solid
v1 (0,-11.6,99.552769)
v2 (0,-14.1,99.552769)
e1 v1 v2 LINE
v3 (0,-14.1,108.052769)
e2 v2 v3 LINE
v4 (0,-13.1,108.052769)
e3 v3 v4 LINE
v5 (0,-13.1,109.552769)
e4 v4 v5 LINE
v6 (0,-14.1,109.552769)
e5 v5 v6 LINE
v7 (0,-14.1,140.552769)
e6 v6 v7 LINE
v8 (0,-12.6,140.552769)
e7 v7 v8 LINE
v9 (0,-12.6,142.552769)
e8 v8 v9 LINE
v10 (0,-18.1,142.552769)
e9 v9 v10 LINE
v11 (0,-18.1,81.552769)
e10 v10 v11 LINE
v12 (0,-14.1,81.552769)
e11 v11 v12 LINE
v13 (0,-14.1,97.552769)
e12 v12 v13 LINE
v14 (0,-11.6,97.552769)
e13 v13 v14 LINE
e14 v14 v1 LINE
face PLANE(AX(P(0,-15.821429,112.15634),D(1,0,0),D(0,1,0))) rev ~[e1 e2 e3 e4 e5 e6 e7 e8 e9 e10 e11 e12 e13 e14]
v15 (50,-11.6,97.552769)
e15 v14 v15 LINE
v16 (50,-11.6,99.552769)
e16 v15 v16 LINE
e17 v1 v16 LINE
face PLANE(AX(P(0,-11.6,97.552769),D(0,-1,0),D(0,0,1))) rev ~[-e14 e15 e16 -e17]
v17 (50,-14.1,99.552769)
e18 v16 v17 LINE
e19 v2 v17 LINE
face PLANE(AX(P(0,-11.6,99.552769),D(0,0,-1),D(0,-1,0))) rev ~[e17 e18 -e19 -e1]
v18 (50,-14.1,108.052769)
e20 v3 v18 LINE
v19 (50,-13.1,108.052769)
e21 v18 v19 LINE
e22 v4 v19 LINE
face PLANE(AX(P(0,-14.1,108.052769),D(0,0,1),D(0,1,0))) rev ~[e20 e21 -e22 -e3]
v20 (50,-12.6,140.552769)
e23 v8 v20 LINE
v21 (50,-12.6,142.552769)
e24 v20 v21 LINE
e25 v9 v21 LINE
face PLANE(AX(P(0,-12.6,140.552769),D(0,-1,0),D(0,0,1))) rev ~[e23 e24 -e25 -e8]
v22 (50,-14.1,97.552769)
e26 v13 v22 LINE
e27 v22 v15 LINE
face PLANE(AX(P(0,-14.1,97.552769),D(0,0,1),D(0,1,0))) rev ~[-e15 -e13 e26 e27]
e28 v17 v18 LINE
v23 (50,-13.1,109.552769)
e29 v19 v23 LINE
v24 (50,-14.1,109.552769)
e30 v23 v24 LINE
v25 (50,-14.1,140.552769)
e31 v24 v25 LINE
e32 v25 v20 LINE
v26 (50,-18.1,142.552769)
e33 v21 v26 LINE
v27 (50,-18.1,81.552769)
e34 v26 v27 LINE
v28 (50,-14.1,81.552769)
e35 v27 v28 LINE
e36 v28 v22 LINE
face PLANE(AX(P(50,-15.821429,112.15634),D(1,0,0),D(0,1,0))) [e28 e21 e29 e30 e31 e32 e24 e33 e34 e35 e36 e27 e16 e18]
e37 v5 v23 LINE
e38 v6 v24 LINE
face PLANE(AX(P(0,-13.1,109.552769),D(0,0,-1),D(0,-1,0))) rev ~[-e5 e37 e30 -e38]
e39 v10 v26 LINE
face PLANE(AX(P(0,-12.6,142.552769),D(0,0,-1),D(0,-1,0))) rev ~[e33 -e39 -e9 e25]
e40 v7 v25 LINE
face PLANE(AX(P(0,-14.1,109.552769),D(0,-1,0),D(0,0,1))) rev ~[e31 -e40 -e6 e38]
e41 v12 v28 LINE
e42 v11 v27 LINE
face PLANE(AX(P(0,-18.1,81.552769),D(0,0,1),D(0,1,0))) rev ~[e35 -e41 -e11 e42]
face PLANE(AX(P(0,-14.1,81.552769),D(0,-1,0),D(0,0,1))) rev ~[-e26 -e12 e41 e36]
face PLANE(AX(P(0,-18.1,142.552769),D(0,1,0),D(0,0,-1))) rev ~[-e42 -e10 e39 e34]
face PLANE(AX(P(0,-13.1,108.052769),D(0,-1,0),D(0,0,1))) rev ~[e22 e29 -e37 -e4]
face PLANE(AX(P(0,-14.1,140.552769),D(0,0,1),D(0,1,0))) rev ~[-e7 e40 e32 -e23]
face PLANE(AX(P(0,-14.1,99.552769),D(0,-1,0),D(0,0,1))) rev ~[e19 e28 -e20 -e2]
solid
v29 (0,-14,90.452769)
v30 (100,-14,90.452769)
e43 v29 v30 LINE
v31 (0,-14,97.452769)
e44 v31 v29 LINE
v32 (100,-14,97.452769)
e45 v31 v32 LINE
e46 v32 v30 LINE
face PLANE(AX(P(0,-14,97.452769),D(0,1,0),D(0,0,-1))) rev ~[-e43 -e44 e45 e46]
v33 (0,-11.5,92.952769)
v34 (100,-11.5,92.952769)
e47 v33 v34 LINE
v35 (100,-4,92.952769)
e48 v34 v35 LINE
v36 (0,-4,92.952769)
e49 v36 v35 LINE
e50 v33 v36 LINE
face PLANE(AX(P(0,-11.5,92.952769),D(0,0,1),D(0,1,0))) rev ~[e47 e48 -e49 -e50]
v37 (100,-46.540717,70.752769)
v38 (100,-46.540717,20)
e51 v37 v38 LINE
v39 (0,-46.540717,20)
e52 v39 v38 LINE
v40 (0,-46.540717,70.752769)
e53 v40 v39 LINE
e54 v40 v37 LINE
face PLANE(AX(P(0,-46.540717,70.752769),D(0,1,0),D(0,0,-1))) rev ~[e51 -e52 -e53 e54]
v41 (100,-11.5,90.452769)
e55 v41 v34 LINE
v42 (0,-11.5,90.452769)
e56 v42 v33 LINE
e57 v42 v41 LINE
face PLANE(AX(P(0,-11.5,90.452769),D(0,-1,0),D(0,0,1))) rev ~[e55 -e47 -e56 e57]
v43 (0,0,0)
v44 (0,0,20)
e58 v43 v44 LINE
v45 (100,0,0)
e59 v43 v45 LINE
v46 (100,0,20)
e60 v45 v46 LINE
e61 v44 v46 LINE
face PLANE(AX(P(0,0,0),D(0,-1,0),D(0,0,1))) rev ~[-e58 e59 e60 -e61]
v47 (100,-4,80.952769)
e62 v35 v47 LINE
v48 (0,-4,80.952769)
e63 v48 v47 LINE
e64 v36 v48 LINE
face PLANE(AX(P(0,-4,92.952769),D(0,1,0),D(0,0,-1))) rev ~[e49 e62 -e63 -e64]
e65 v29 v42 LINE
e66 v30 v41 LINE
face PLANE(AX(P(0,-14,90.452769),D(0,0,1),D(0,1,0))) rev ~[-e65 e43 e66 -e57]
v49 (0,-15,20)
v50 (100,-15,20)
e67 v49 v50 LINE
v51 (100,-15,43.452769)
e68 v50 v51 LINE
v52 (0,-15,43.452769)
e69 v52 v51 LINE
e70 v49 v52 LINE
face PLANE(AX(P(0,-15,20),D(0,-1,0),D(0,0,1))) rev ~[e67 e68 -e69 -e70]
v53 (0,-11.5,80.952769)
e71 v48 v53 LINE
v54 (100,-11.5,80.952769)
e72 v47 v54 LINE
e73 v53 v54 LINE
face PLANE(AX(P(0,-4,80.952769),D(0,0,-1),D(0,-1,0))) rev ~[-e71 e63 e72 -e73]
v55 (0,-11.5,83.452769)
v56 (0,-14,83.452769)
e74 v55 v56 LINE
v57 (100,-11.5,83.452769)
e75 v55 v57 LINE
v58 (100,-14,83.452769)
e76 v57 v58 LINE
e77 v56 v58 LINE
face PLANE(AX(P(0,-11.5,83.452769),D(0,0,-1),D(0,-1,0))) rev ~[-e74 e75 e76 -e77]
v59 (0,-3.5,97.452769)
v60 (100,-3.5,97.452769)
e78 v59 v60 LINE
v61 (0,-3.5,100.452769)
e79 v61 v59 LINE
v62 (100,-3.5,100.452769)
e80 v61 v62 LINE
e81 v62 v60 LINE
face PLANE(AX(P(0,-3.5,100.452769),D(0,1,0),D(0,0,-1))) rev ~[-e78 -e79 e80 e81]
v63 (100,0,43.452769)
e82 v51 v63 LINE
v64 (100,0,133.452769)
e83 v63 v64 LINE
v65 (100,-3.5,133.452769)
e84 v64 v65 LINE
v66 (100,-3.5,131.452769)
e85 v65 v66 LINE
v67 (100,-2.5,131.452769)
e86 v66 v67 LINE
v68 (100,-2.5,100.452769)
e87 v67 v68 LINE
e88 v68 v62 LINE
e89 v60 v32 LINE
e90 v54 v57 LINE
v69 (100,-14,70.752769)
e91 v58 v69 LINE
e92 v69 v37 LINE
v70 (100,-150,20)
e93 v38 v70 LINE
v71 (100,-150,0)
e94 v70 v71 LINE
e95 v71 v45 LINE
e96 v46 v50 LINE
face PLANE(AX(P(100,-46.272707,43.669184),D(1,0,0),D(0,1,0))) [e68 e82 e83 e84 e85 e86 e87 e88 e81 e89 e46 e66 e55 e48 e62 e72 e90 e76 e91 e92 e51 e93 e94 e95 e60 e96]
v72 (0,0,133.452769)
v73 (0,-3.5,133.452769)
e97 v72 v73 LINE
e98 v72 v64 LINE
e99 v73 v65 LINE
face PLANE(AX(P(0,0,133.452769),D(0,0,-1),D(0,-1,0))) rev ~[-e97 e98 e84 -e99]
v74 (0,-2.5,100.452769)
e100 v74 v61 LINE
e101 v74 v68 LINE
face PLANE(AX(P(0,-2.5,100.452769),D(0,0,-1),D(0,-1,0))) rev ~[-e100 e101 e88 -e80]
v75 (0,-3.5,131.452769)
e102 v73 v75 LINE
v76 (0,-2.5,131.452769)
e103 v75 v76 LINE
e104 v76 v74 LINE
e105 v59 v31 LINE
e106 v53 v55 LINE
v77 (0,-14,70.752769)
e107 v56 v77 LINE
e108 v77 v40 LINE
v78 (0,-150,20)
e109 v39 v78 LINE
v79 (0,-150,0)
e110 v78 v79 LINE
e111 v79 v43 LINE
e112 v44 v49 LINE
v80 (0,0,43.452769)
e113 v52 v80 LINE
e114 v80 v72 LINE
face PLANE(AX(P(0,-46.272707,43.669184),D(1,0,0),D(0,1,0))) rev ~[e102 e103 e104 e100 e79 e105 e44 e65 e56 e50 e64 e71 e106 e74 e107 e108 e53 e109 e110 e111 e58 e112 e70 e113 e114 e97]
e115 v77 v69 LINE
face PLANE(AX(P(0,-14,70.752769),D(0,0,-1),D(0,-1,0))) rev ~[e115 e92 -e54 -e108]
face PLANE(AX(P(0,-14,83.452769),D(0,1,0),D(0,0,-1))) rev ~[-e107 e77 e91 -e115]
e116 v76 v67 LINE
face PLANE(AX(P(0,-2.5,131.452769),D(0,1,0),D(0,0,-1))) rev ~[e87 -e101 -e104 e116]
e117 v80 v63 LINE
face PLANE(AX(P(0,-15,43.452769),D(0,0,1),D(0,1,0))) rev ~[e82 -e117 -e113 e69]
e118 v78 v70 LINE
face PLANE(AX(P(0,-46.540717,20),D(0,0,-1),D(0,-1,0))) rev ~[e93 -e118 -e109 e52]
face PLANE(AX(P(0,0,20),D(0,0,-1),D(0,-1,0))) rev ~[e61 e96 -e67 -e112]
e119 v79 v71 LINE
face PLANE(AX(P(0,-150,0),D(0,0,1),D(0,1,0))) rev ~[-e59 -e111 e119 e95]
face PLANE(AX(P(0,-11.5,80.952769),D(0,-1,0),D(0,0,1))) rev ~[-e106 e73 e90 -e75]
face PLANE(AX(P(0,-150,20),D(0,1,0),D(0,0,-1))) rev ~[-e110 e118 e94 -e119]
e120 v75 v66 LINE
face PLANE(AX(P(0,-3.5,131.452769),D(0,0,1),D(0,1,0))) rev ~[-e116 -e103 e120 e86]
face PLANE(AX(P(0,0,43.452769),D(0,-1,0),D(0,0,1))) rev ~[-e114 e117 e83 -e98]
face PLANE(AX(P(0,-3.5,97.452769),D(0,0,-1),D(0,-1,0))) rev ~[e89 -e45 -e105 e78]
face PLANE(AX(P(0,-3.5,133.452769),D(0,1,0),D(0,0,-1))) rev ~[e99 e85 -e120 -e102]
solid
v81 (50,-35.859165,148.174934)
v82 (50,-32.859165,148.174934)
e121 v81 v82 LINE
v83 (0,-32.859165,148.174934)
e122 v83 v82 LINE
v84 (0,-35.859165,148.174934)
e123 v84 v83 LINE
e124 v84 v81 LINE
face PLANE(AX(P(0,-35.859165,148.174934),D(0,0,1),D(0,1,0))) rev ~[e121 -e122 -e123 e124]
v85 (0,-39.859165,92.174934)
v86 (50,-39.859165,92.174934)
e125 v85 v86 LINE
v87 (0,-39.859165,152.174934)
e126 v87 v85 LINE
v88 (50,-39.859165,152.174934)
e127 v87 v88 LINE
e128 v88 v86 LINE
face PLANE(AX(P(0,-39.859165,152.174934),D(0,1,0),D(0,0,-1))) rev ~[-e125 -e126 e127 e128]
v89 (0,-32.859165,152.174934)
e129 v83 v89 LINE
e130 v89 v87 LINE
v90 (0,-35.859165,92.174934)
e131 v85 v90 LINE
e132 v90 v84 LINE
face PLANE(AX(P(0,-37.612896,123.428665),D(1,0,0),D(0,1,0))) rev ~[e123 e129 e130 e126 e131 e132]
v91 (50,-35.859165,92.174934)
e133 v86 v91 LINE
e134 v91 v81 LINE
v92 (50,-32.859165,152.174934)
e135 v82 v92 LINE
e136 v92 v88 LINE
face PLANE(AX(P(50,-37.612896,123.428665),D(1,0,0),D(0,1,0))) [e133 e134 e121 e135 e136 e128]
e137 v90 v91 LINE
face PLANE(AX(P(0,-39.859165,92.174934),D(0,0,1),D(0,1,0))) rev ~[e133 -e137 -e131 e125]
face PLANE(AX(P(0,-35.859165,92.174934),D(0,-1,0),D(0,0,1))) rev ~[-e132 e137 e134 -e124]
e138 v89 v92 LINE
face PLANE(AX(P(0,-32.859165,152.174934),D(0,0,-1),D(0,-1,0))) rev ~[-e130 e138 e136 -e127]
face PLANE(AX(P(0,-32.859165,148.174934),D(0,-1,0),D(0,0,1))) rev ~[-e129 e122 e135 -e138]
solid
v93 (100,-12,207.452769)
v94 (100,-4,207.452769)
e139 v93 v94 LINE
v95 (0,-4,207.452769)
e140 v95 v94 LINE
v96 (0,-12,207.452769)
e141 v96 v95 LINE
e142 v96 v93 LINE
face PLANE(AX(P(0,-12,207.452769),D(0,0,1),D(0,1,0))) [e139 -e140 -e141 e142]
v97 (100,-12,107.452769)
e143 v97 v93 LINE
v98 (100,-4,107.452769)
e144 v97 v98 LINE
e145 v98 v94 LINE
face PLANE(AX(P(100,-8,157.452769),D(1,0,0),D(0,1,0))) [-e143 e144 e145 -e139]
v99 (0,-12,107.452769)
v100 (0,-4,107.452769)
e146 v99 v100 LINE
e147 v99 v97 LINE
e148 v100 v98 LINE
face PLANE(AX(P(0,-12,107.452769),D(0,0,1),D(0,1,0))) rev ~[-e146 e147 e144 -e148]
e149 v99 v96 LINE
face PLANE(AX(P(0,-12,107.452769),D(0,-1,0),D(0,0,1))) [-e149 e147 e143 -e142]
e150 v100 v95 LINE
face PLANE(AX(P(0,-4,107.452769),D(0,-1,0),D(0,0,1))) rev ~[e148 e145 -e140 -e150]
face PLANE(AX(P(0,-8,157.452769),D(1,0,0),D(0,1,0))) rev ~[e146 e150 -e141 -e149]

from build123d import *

# Parameters (mm, degrees)
F1_DEPTH = 100
F2_W     = 8
F2_H     = 100
F3_DEPTH = 100
F5_DEPTH = 50
F7_DEPTH = 50


with BuildPart() as f1:
    # F0 (on Right) → F1 (new body)
    with BuildSketch(Plane.YZ):
        Polygon((0, 43.452769), (0, 133.452769), (-3.5, 133.452769), (-3.5, 131.452769), (-2.5, 131.452769), (-2.5, 100.452769), (-3.5, 100.452769), (-3.5, 97.452769), (-14, 97.452769), (-14, 90.452769), (-11.5, 90.452769), (-11.5, 92.952769), (-4, 92.952769), (-4, 80.952769), (-11.5, 80.952769), (-11.5, 83.452769), (-14, 83.452769), (-14, 70.752769), (-46.540717, 70.752769), (-46.540717, 20), (-150, 20), (-150, 0), (0, 0), (0, 20), (-15, 20), (-15, 43.452769), align=None)
    extrude(amount=F1_DEPTH)


with BuildPart() as f3:
    # F2 (on Right) → F3 (new body)
    with BuildSketch(Plane.YZ):
        with Locations((-8, 157.452769)):
            Rectangle(F2_W, F2_H)
    extrude(amount=F3_DEPTH)


with BuildPart() as f5:
    # F4 (on Right) → F5 (new body)
    with BuildSketch(Plane.YZ):
        Polygon((-12.6, 140.552769), (-12.6, 142.552769), (-18.1, 142.552769), (-18.1, 81.552769), (-14.1, 81.552769), (-14.1, 97.552769), (-11.6, 97.552769), (-11.6, 99.552769), (-14.1, 99.552769), (-14.1, 108.052769), (-13.1, 108.052769), (-13.1, 109.552769), (-14.1, 109.552769), (-14.1, 140.552769), align=None)
    extrude(amount=F5_DEPTH)


with BuildPart() as f7:
    # F6 (on Right) → F7 (new body)
    with BuildSketch(Plane.YZ):
        Polygon((-39.859165, 92.174934), (-35.859165, 92.174934), (-35.859165, 148.174934), (-32.859165, 148.174934), (-32.859165, 152.174934), (-39.859165, 152.174934), align=None)
    extrude(amount=F7_DEPTH)


solid = Compound([f1.part, f3.part, f5.part, f7.part])
